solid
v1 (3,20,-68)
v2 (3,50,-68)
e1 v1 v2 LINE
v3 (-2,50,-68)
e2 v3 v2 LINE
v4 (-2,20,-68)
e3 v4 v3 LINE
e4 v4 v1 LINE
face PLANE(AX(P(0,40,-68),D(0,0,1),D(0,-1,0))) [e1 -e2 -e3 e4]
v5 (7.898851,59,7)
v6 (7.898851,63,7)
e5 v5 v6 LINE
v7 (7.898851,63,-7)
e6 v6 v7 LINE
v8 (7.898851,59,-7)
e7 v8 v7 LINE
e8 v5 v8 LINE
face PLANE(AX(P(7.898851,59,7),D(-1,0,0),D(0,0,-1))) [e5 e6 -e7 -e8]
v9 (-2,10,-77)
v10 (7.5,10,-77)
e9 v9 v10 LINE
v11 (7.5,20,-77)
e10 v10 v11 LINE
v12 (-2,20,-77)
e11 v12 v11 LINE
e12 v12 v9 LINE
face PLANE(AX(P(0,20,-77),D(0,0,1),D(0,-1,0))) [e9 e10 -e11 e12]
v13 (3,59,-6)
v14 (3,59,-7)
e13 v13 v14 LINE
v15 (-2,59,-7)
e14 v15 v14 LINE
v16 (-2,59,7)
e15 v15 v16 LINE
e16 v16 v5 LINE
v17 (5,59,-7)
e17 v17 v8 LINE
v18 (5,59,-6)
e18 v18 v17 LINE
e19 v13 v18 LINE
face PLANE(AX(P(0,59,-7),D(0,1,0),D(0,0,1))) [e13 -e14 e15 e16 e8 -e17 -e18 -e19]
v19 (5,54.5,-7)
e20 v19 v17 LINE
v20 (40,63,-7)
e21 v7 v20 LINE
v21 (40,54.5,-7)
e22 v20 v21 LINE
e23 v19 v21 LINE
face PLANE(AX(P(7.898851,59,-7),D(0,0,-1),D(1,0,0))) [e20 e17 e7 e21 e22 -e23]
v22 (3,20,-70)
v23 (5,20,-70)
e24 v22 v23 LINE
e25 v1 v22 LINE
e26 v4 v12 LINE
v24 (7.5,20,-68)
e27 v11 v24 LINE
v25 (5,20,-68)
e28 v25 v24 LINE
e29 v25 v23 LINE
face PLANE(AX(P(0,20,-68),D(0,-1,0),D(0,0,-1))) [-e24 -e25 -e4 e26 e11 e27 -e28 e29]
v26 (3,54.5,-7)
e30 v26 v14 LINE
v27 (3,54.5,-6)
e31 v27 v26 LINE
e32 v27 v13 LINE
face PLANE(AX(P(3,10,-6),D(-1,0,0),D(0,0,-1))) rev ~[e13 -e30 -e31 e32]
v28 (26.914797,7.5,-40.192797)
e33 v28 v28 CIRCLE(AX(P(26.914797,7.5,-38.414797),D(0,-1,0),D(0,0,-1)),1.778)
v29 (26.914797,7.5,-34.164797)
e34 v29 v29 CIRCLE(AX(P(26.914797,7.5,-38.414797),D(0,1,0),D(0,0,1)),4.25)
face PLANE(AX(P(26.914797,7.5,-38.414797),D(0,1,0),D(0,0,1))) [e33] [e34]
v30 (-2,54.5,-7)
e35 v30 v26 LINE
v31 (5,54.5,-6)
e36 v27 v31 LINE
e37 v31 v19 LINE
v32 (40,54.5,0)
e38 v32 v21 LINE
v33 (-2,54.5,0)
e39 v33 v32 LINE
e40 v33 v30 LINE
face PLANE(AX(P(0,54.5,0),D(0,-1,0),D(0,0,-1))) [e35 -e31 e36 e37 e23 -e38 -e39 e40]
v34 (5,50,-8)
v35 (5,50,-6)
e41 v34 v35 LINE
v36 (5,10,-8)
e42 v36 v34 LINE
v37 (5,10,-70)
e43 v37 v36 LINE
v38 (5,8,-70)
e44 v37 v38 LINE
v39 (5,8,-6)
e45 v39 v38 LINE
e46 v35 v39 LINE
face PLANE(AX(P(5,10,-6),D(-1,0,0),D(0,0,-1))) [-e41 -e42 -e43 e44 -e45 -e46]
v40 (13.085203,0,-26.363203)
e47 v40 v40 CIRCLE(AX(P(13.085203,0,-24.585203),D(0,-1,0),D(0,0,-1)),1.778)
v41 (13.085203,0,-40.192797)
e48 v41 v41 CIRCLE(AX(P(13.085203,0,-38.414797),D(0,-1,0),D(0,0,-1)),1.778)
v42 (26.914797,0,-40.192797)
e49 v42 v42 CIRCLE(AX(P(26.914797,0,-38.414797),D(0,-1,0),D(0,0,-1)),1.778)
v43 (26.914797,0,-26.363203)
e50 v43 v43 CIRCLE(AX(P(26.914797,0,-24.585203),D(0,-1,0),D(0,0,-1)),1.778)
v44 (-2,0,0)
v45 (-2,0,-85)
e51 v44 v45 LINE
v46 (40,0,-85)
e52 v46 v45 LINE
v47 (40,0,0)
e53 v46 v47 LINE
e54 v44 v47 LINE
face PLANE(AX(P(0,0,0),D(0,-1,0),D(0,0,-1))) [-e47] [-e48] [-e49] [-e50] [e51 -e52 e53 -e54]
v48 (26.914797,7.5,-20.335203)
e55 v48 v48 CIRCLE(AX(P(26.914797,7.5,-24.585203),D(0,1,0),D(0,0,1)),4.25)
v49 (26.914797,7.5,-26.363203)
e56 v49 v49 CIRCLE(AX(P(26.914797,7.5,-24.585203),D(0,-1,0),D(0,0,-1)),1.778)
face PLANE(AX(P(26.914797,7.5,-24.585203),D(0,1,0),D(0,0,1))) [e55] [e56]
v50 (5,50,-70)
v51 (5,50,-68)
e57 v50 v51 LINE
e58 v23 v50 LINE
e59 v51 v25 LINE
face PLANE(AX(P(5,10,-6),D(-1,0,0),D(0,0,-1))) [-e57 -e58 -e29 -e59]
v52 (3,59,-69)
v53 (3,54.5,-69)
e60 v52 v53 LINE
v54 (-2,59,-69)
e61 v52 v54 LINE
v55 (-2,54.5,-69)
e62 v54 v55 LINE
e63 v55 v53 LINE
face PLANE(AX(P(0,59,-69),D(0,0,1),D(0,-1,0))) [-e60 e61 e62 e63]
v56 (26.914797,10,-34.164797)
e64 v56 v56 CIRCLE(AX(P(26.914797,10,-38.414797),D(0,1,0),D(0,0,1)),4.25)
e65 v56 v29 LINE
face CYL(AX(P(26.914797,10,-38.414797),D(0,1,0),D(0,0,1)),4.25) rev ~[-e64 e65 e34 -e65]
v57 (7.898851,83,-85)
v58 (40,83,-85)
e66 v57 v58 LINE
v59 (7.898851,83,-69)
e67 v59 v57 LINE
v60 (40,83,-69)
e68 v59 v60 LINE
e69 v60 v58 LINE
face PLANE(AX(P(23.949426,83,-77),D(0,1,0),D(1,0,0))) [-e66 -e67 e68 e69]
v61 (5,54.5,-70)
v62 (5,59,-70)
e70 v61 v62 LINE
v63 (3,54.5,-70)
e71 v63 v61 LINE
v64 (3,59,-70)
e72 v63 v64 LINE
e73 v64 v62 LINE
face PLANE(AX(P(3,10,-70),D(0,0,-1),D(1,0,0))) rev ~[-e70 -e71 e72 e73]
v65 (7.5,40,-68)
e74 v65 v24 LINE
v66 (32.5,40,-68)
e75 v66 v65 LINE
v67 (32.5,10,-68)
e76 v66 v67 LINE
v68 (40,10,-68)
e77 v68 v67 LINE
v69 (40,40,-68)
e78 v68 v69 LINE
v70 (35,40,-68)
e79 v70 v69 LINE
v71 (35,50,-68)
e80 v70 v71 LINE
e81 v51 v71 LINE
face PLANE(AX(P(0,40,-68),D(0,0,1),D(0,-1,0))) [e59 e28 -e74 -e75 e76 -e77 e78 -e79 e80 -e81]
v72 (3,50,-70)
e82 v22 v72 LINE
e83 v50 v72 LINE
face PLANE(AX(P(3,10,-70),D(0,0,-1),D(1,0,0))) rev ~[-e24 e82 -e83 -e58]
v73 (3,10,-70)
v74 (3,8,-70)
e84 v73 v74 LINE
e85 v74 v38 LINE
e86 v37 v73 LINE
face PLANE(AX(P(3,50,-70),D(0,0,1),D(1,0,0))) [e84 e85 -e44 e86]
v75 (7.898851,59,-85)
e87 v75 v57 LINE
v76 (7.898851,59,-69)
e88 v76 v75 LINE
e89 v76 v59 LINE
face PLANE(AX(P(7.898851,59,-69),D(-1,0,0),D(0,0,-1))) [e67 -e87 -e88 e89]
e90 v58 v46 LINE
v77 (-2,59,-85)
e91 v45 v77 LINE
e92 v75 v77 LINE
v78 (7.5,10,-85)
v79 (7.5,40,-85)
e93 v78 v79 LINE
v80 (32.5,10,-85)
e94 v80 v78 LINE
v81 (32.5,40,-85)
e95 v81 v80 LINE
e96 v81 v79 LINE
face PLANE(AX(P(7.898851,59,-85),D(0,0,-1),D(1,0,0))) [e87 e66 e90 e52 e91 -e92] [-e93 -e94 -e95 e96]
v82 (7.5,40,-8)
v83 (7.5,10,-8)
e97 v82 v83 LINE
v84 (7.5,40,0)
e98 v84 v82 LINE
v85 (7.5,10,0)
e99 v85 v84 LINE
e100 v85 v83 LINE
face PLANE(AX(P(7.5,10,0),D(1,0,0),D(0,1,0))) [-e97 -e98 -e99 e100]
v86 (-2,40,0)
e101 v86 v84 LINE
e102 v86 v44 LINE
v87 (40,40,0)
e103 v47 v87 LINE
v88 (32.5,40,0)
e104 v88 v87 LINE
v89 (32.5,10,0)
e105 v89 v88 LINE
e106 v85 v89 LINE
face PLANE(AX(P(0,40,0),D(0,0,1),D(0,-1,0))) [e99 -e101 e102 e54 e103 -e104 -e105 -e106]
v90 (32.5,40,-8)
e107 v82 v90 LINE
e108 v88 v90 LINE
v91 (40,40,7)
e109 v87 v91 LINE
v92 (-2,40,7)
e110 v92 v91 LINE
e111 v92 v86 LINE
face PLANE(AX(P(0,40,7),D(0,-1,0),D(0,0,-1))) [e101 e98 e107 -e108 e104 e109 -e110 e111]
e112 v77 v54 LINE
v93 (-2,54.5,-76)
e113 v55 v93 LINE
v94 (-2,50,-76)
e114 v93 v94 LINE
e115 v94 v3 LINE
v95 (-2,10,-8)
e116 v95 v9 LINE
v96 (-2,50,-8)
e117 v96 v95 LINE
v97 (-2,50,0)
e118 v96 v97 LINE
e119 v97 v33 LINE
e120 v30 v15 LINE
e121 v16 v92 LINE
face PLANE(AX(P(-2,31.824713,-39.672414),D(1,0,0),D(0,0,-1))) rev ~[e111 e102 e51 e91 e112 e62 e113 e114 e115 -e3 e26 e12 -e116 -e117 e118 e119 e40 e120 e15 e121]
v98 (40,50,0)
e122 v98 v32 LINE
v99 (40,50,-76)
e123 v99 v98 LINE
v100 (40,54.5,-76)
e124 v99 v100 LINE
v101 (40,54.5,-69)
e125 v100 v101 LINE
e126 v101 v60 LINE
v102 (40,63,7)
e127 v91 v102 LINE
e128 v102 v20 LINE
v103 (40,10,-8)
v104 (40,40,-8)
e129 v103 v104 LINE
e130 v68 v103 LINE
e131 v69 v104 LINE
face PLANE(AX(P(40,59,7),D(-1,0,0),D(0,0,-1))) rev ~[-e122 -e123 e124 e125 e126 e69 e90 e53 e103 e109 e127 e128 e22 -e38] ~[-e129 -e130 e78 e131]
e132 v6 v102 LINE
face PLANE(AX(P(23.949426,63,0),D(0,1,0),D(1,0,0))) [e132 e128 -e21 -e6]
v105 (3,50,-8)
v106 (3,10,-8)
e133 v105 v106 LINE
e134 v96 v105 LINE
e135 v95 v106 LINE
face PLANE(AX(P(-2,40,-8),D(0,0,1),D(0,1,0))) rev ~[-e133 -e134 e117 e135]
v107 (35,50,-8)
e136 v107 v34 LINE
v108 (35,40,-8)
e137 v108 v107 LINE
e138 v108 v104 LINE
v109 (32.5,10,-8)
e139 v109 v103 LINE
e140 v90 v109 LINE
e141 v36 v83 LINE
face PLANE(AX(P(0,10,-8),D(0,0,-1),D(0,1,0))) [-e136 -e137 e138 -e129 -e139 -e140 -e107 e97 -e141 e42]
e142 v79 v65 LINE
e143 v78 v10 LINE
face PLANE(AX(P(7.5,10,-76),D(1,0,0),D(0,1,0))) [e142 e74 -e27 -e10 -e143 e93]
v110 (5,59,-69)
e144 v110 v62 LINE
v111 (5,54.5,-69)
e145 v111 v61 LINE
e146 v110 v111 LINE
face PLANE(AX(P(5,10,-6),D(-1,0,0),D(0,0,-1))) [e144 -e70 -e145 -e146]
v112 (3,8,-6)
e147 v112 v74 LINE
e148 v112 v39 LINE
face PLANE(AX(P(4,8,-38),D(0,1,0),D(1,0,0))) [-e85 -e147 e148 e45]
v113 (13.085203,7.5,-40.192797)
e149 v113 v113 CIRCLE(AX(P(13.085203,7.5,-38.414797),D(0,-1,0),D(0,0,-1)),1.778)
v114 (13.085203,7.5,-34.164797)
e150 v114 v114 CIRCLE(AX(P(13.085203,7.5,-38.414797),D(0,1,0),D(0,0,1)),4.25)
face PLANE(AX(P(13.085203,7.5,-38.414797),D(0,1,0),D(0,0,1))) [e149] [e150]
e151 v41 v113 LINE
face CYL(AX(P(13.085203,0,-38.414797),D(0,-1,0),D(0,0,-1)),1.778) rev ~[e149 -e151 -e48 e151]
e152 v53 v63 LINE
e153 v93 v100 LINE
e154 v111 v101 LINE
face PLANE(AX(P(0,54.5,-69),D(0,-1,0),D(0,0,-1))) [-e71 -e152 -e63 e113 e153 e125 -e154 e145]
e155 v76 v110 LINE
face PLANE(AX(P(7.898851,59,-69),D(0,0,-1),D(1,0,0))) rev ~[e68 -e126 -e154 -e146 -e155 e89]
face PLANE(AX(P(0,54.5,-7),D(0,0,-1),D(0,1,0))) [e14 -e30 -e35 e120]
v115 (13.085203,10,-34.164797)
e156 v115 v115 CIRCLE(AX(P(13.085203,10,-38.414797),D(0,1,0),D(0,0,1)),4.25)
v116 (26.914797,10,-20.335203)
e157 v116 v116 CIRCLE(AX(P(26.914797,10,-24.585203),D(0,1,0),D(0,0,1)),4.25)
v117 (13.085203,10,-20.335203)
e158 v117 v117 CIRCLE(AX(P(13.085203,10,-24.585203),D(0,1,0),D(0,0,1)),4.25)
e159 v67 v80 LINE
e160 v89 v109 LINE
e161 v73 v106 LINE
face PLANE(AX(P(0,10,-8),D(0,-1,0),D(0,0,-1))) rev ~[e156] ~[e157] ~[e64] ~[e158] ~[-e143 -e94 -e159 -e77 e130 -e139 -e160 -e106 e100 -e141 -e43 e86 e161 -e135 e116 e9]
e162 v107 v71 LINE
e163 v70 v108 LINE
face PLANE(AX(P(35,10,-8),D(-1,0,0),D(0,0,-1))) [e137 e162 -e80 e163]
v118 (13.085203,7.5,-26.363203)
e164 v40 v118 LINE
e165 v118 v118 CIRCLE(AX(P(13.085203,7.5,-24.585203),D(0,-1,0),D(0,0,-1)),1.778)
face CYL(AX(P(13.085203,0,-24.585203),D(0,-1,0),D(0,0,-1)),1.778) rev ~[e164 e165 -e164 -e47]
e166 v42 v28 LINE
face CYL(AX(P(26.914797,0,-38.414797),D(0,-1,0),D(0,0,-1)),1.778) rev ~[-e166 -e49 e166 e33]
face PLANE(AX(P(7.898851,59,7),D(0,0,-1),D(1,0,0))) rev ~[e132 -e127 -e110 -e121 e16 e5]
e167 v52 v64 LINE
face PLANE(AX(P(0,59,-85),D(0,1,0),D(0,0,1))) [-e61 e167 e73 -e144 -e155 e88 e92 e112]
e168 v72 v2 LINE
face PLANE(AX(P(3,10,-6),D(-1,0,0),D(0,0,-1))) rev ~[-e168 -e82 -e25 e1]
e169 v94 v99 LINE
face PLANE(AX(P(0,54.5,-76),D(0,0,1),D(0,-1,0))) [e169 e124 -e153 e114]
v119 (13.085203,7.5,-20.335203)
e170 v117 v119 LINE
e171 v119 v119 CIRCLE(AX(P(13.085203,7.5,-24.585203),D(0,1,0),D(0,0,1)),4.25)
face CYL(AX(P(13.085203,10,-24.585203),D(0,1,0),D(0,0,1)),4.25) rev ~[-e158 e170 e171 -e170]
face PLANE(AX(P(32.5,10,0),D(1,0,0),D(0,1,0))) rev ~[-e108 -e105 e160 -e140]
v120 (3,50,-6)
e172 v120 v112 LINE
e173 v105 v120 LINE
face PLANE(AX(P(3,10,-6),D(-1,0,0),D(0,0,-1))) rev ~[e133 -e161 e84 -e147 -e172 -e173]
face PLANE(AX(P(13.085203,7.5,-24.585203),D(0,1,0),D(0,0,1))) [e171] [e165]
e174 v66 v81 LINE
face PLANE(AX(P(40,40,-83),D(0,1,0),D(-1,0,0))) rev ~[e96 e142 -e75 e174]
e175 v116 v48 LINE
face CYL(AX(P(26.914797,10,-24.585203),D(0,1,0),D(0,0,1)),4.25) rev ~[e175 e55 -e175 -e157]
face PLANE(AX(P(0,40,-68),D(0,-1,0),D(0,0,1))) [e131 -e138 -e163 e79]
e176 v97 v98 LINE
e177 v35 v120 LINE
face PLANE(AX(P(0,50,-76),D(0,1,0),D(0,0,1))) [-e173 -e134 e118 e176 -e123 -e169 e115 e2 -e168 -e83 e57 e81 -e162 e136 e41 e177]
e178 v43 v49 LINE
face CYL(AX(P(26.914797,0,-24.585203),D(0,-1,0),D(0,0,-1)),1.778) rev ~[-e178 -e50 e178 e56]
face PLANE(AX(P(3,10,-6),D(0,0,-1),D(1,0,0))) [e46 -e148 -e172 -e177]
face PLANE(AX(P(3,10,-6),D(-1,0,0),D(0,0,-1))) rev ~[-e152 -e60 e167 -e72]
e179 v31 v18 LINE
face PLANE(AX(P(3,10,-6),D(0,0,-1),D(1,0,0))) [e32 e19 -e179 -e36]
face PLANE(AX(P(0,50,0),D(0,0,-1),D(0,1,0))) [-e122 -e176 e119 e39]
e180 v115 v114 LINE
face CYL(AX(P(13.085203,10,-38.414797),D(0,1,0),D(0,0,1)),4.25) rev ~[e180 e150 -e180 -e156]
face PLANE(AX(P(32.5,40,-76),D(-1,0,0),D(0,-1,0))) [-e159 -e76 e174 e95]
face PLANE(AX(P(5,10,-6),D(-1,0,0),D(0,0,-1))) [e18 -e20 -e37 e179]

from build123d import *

# Parameters (mm, degrees)
SKETCH1_W            = 40
SKETCH1_H            = 76
BOSS_EXTRUDE1_DEPTH  = 10
SKETCH2_W            = 40
SKETCH2_H            = 76
SKETCH2_W_2          = 30
SKETCH2_H_2          = 60
BOSS_EXTRUDE2_DEPTH  = 40
SKETCH3_W            = 25
SKETCH3_H            = 30
CUT_EXTRUDE1_DEPTH   = 100.37806599
SKETCH4_W            = 60
SKETCH4_H            = 30
CUT_EXTRUDE2_DEPTH   = 100.37806599
SKETCH9_R            = 1.778
SKETCH9_R_2          = 1.778000002
CUT_EXTRUDE4_DEPTH   = 40
BOSS_EXTRUDE4_START  = -10
SKETCH12_R           = 1.778
BOSS_EXTRUDE4_DEPTH  = 10
SKETCH13_W           = 40
SKETCH13_H           = 10
BOSS_EXTRUDE5_DEPTH  = 7
SKETCH14_W           = 40
SKETCH14_H           = 10
BOSS_EXTRUDE6_DEPTH  = 7
SKETCH16_W           = 40
SKETCH16_H           = 7
BOSS_EXTRUDE7_DEPTH  = 4.5
SKETCH17_W           = 40
SKETCH17_H           = 4.5
BOSS_EXTRUDE8_DEPTH  = 14
SKETCH18_W           = 40
SKETCH18_H           = 4.5
BOSS_EXTRUDE9_DEPTH  = 14
SKETCH19_W           = 40
SKETCH19_H           = 19
BOSS_EXTRUDE10_DEPTH = 2
BOSS_EXTRUDE11_DEPTH = 9
CUT_EXTRUDE6_START   = -7.5
SKETCH21_W           = 9
SKETCH21_H           = 10
CUT_EXTRUDE6_DEPTH   = 7.5
BOSS_EXTRUDE13_DEPTH = 2
CUT_EXTRUDE7_START   = -49
SKETCH25_W           = 2
SKETCH25_H           = 64
CUT_EXTRUDE7_DEPTH   = 49
SKETCH26_W           = 2
SKETCH26_H           = 64
CUT_EXTRUDE8_DEPTH   = 42
SKETCH27_W           = 60
SKETCH27_H           = 10
CUT_EXTRUDE10_DEPTH  = 10
SKETCH28_W           = 32.101148564
SKETCH28_H           = 16
BOSS_EXTRUDE14_DEPTH = 24
SKETCH29_W           = 32.101148564
SKETCH29_H           = 14
BOSS_EXTRUDE15_DEPTH = 4
SKETCH30_R           = 4.25
CUT_EXTRUDE11_DEPTH  = 2.5


with BuildPart() as part:
    # Sketch1 → Boss-Extrude1 (new body)
    with BuildSketch(Plane(origin=(0, 0, 0), x_dir=(1, 0, 0), z_dir=(0, 1, 0))):
        with Locations((20, 38)):
            Rectangle(SKETCH1_W, SKETCH1_H)
    extrude(amount=BOSS_EXTRUDE1_DEPTH)

    # Sketch2 → Boss-Extrude2 (add)
    with BuildSketch(Plane(origin=(0, 10, 0), x_dir=(1, 0, 0), z_dir=(0, 1, 0))):
        with Locations((20, 38)):
            Rectangle(SKETCH2_W, SKETCH2_H)
        with Locations((20, 38)):
            Rectangle(SKETCH2_W_2, SKETCH2_H_2, mode=Mode.SUBTRACT)
    extrude(amount=BOSS_EXTRUDE2_DEPTH)

    # Sketch3 → Cut-Extrude1 (cut, through all)
    with BuildSketch(Plane.XY):
        with Locations((20, 25)):
            Rectangle(SKETCH3_W, SKETCH3_H)
    extrude(amount=-CUT_EXTRUDE1_DEPTH, mode=Mode.SUBTRACT)

    # Sketch4 → Cut-Extrude2 (cut, through all)
    with BuildSketch(Plane.ZY):
        with Locations((-38, 25)):
            Rectangle(SKETCH4_W, SKETCH4_H)
    extrude(amount=-CUT_EXTRUDE2_DEPTH, mode=Mode.SUBTRACT)

    # Sketch9 → Cut-Extrude4 (cut)
    with BuildSketch(Plane.XZ):
        with Locations(Location((26.914797213, -38.414797213, 0), (0, 0, 270))):
            Circle(SKETCH9_R)
        with Locations(Location((13.085202787, -24.585202787, 0), (0, 0, 270))):
            Circle(SKETCH9_R)
        with Locations(Location((26.914797213, -24.585202787, 0), (0, 0, 270))):
            Circle(SKETCH9_R)
        with Locations(Location((29.778999999, -31.5, 0), (0, 0, 270))):
            Circle(SKETCH9_R)
        with Locations(Location((13.085202787, -38.414797213, 0), (0, 0, 270))):
            Circle(SKETCH9_R_2)
    extrude(amount=-CUT_EXTRUDE4_DEPTH, mode=Mode.SUBTRACT)

    # Sketch12 → Boss-Extrude4 (add)
    with BuildSketch(Plane(origin=(0, 10, 0), x_dir=(1, 0, 0), z_dir=(0, 1, 0)).offset(BOSS_EXTRUDE4_START)):
        with Locations((29.778999999, 31.5)):
            Circle(SKETCH12_R)
    extrude(amount=BOSS_EXTRUDE4_DEPTH)

    # Sketch13 → Boss-Extrude5 (add)
    with BuildSketch(Plane.XY):
        with Locations((20, 45)):
            Rectangle(SKETCH13_W, SKETCH13_H)
    extrude(amount=BOSS_EXTRUDE5_DEPTH)

    # Sketch14 → Boss-Extrude6 (add)
    with BuildSketch(Plane(origin=(0, 0, -76), x_dir=(-1, 0, 0), z_dir=(0, 0, -1))):
        with Locations((-20, 45)):
            Rectangle(SKETCH14_W, SKETCH14_H)
    extrude(amount=BOSS_EXTRUDE6_DEPTH)

    # Sketch16 → Boss-Extrude7 (add)
    with BuildSketch(Plane(origin=(0, 50, 0), x_dir=(1, 0, 0), z_dir=(0, 1, 0))):
        with Locations((20, 79.5)):
            Rectangle(SKETCH16_W, SKETCH16_H)
        with Locations((20, -3.5)):
            Rectangle(SKETCH16_W, SKETCH16_H)
    extrude(amount=BOSS_EXTRUDE7_DEPTH)

    # Sketch17 → Boss-Extrude8 (add)
    with BuildSketch(Plane(origin=(0, 0, -83), x_dir=(-1, 0, 0), z_dir=(0, 0, -1))):
        with Locations((-20, 56.75)):
            Rectangle(SKETCH17_W, SKETCH17_H)
    extrude(amount=-BOSS_EXTRUDE8_DEPTH)

    # Sketch18 → Boss-Extrude9 (add)
    with BuildSketch(Plane.XY.offset(7)):
        with Locations((20, 56.75)):
            Rectangle(SKETCH18_W, SKETCH18_H)
    extrude(amount=-BOSS_EXTRUDE9_DEPTH)

    # Sketch19 → Boss-Extrude10 (add)
    with BuildSketch(Plane(origin=(0, 0, -83), x_dir=(-1, 0, 0), z_dir=(0, 0, -1))):
        with Locations((-20, 49.5)):
            Rectangle(SKETCH19_W, SKETCH19_H)
    extrude(amount=BOSS_EXTRUDE10_DEPTH)

    # Sketch20 → Boss-Extrude11 (add)
    with BuildSketch(Plane(origin=(0, 0, -76), x_dir=(-1, 0, 0), z_dir=(0, 0, -1))):
        Polygon((0, 40), (0, 0), (-40, 0), (-40, 40), (-32.5, 40), (-32.5, 10), (-7.5, 10), (-7.5, 40), align=None)
    extrude(amount=BOSS_EXTRUDE11_DEPTH)

    # Sketch21 → Cut-Extrude6 (cut)
    with BuildSketch(Plane.ZY.offset(CUT_EXTRUDE6_START)):
        with Locations((-72.5, 15)):
            Rectangle(SKETCH21_W, SKETCH21_H)
    extrude(amount=CUT_EXTRUDE6_DEPTH, mode=Mode.SUBTRACT)

    # Sketch23 → Boss-Extrude13 (add)
    with BuildSketch(Plane.ZY):
        Polygon((-69, 59), (-69, 54.5), (-76, 54.5), (-76, 50), (0, 50), (0, 54.5), (-7, 54.5), (-7, 59), (7, 59), (7, 40), (0, 40), (0, 0), (-85, 0), (-85, 59), align=None)
        Polygon((-68, 40), (-68, 20), (-77, 20), (-77, 10), (-76.5, 10), (-8, 10), (-8, 40), align=None, mode=Mode.SUBTRACT)
    extrude(amount=BOSS_EXTRUDE13_DEPTH)

    # Sketch25 → Cut-Extrude7 (cut)
    with BuildSketch(Plane(origin=(0, 59, 0), x_dir=(1, 0, 0), z_dir=(0, 1, 0)).offset(CUT_EXTRUDE7_START)):
        with Locations((4, 38)):
            Rectangle(SKETCH25_W, SKETCH25_H)
    extrude(amount=CUT_EXTRUDE7_DEPTH, mode=Mode.SUBTRACT)

    # Sketch26 → Cut-Extrude8 (cut)
    with BuildSketch(Plane(origin=(0, 50, 0), x_dir=(1, 0, 0), z_dir=(0, 1, 0))):
        with Locations((4, 38)):
            Rectangle(SKETCH26_W, SKETCH26_H)
    extrude(amount=-CUT_EXTRUDE8_DEPTH, mode=Mode.SUBTRACT)

    # Sketch27 → Cut-Extrude10 (cut)
    with BuildSketch(Plane.ZY.offset(2)):
        with Locations((-38, 45)):
            Rectangle(SKETCH27_W, SKETCH27_H)
    extrude(amount=-CUT_EXTRUDE10_DEPTH, mode=Mode.SUBTRACT)

    # Sketch28 → Boss-Extrude14 (add)
    with BuildSketch(Plane(origin=(0, 59, 0), x_dir=(1, 0, 0), z_dir=(0, 1, 0))):
        with Locations((23.949425718, 77)):
            Rectangle(SKETCH28_W, SKETCH28_H)
    extrude(amount=BOSS_EXTRUDE14_DEPTH)

    # Sketch29 → Boss-Extrude15 (add)
    with BuildSketch(Plane(origin=(0, 59, 0), x_dir=(1, 0, 0), z_dir=(0, 1, 0))):
        with Locations((23.949425718, 0)):
            Rectangle(SKETCH29_W, SKETCH29_H)
    extrude(amount=BOSS_EXTRUDE15_DEPTH)

    # Sketch30 → Cut-Extrude11 (cut)
    with BuildSketch(Plane(origin=(0, 10, 0), x_dir=(1, 0, 0), z_dir=(0, 1, 0))):
        with Locations(Location((13.085202787, 24.585202787, 0), (0, 0, 270))):
            Circle(SKETCH30_R)
        with Locations(Location((13.085202787, 38.414797213, 0), (0, 0, 270))):
            Circle(SKETCH30_R)
        with Locations(Location((26.914797213, 38.414797213, 0), (0, 0, 270))):
            Circle(SKETCH30_R)
        with Locations(Location((26.914797213, 24.585202787, 0), (0, 0, 270))):
            Circle(SKETCH30_R)
    extrude(amount=-CUT_EXTRUDE11_DEPTH, mode=Mode.SUBTRACT)


solid = part.part
